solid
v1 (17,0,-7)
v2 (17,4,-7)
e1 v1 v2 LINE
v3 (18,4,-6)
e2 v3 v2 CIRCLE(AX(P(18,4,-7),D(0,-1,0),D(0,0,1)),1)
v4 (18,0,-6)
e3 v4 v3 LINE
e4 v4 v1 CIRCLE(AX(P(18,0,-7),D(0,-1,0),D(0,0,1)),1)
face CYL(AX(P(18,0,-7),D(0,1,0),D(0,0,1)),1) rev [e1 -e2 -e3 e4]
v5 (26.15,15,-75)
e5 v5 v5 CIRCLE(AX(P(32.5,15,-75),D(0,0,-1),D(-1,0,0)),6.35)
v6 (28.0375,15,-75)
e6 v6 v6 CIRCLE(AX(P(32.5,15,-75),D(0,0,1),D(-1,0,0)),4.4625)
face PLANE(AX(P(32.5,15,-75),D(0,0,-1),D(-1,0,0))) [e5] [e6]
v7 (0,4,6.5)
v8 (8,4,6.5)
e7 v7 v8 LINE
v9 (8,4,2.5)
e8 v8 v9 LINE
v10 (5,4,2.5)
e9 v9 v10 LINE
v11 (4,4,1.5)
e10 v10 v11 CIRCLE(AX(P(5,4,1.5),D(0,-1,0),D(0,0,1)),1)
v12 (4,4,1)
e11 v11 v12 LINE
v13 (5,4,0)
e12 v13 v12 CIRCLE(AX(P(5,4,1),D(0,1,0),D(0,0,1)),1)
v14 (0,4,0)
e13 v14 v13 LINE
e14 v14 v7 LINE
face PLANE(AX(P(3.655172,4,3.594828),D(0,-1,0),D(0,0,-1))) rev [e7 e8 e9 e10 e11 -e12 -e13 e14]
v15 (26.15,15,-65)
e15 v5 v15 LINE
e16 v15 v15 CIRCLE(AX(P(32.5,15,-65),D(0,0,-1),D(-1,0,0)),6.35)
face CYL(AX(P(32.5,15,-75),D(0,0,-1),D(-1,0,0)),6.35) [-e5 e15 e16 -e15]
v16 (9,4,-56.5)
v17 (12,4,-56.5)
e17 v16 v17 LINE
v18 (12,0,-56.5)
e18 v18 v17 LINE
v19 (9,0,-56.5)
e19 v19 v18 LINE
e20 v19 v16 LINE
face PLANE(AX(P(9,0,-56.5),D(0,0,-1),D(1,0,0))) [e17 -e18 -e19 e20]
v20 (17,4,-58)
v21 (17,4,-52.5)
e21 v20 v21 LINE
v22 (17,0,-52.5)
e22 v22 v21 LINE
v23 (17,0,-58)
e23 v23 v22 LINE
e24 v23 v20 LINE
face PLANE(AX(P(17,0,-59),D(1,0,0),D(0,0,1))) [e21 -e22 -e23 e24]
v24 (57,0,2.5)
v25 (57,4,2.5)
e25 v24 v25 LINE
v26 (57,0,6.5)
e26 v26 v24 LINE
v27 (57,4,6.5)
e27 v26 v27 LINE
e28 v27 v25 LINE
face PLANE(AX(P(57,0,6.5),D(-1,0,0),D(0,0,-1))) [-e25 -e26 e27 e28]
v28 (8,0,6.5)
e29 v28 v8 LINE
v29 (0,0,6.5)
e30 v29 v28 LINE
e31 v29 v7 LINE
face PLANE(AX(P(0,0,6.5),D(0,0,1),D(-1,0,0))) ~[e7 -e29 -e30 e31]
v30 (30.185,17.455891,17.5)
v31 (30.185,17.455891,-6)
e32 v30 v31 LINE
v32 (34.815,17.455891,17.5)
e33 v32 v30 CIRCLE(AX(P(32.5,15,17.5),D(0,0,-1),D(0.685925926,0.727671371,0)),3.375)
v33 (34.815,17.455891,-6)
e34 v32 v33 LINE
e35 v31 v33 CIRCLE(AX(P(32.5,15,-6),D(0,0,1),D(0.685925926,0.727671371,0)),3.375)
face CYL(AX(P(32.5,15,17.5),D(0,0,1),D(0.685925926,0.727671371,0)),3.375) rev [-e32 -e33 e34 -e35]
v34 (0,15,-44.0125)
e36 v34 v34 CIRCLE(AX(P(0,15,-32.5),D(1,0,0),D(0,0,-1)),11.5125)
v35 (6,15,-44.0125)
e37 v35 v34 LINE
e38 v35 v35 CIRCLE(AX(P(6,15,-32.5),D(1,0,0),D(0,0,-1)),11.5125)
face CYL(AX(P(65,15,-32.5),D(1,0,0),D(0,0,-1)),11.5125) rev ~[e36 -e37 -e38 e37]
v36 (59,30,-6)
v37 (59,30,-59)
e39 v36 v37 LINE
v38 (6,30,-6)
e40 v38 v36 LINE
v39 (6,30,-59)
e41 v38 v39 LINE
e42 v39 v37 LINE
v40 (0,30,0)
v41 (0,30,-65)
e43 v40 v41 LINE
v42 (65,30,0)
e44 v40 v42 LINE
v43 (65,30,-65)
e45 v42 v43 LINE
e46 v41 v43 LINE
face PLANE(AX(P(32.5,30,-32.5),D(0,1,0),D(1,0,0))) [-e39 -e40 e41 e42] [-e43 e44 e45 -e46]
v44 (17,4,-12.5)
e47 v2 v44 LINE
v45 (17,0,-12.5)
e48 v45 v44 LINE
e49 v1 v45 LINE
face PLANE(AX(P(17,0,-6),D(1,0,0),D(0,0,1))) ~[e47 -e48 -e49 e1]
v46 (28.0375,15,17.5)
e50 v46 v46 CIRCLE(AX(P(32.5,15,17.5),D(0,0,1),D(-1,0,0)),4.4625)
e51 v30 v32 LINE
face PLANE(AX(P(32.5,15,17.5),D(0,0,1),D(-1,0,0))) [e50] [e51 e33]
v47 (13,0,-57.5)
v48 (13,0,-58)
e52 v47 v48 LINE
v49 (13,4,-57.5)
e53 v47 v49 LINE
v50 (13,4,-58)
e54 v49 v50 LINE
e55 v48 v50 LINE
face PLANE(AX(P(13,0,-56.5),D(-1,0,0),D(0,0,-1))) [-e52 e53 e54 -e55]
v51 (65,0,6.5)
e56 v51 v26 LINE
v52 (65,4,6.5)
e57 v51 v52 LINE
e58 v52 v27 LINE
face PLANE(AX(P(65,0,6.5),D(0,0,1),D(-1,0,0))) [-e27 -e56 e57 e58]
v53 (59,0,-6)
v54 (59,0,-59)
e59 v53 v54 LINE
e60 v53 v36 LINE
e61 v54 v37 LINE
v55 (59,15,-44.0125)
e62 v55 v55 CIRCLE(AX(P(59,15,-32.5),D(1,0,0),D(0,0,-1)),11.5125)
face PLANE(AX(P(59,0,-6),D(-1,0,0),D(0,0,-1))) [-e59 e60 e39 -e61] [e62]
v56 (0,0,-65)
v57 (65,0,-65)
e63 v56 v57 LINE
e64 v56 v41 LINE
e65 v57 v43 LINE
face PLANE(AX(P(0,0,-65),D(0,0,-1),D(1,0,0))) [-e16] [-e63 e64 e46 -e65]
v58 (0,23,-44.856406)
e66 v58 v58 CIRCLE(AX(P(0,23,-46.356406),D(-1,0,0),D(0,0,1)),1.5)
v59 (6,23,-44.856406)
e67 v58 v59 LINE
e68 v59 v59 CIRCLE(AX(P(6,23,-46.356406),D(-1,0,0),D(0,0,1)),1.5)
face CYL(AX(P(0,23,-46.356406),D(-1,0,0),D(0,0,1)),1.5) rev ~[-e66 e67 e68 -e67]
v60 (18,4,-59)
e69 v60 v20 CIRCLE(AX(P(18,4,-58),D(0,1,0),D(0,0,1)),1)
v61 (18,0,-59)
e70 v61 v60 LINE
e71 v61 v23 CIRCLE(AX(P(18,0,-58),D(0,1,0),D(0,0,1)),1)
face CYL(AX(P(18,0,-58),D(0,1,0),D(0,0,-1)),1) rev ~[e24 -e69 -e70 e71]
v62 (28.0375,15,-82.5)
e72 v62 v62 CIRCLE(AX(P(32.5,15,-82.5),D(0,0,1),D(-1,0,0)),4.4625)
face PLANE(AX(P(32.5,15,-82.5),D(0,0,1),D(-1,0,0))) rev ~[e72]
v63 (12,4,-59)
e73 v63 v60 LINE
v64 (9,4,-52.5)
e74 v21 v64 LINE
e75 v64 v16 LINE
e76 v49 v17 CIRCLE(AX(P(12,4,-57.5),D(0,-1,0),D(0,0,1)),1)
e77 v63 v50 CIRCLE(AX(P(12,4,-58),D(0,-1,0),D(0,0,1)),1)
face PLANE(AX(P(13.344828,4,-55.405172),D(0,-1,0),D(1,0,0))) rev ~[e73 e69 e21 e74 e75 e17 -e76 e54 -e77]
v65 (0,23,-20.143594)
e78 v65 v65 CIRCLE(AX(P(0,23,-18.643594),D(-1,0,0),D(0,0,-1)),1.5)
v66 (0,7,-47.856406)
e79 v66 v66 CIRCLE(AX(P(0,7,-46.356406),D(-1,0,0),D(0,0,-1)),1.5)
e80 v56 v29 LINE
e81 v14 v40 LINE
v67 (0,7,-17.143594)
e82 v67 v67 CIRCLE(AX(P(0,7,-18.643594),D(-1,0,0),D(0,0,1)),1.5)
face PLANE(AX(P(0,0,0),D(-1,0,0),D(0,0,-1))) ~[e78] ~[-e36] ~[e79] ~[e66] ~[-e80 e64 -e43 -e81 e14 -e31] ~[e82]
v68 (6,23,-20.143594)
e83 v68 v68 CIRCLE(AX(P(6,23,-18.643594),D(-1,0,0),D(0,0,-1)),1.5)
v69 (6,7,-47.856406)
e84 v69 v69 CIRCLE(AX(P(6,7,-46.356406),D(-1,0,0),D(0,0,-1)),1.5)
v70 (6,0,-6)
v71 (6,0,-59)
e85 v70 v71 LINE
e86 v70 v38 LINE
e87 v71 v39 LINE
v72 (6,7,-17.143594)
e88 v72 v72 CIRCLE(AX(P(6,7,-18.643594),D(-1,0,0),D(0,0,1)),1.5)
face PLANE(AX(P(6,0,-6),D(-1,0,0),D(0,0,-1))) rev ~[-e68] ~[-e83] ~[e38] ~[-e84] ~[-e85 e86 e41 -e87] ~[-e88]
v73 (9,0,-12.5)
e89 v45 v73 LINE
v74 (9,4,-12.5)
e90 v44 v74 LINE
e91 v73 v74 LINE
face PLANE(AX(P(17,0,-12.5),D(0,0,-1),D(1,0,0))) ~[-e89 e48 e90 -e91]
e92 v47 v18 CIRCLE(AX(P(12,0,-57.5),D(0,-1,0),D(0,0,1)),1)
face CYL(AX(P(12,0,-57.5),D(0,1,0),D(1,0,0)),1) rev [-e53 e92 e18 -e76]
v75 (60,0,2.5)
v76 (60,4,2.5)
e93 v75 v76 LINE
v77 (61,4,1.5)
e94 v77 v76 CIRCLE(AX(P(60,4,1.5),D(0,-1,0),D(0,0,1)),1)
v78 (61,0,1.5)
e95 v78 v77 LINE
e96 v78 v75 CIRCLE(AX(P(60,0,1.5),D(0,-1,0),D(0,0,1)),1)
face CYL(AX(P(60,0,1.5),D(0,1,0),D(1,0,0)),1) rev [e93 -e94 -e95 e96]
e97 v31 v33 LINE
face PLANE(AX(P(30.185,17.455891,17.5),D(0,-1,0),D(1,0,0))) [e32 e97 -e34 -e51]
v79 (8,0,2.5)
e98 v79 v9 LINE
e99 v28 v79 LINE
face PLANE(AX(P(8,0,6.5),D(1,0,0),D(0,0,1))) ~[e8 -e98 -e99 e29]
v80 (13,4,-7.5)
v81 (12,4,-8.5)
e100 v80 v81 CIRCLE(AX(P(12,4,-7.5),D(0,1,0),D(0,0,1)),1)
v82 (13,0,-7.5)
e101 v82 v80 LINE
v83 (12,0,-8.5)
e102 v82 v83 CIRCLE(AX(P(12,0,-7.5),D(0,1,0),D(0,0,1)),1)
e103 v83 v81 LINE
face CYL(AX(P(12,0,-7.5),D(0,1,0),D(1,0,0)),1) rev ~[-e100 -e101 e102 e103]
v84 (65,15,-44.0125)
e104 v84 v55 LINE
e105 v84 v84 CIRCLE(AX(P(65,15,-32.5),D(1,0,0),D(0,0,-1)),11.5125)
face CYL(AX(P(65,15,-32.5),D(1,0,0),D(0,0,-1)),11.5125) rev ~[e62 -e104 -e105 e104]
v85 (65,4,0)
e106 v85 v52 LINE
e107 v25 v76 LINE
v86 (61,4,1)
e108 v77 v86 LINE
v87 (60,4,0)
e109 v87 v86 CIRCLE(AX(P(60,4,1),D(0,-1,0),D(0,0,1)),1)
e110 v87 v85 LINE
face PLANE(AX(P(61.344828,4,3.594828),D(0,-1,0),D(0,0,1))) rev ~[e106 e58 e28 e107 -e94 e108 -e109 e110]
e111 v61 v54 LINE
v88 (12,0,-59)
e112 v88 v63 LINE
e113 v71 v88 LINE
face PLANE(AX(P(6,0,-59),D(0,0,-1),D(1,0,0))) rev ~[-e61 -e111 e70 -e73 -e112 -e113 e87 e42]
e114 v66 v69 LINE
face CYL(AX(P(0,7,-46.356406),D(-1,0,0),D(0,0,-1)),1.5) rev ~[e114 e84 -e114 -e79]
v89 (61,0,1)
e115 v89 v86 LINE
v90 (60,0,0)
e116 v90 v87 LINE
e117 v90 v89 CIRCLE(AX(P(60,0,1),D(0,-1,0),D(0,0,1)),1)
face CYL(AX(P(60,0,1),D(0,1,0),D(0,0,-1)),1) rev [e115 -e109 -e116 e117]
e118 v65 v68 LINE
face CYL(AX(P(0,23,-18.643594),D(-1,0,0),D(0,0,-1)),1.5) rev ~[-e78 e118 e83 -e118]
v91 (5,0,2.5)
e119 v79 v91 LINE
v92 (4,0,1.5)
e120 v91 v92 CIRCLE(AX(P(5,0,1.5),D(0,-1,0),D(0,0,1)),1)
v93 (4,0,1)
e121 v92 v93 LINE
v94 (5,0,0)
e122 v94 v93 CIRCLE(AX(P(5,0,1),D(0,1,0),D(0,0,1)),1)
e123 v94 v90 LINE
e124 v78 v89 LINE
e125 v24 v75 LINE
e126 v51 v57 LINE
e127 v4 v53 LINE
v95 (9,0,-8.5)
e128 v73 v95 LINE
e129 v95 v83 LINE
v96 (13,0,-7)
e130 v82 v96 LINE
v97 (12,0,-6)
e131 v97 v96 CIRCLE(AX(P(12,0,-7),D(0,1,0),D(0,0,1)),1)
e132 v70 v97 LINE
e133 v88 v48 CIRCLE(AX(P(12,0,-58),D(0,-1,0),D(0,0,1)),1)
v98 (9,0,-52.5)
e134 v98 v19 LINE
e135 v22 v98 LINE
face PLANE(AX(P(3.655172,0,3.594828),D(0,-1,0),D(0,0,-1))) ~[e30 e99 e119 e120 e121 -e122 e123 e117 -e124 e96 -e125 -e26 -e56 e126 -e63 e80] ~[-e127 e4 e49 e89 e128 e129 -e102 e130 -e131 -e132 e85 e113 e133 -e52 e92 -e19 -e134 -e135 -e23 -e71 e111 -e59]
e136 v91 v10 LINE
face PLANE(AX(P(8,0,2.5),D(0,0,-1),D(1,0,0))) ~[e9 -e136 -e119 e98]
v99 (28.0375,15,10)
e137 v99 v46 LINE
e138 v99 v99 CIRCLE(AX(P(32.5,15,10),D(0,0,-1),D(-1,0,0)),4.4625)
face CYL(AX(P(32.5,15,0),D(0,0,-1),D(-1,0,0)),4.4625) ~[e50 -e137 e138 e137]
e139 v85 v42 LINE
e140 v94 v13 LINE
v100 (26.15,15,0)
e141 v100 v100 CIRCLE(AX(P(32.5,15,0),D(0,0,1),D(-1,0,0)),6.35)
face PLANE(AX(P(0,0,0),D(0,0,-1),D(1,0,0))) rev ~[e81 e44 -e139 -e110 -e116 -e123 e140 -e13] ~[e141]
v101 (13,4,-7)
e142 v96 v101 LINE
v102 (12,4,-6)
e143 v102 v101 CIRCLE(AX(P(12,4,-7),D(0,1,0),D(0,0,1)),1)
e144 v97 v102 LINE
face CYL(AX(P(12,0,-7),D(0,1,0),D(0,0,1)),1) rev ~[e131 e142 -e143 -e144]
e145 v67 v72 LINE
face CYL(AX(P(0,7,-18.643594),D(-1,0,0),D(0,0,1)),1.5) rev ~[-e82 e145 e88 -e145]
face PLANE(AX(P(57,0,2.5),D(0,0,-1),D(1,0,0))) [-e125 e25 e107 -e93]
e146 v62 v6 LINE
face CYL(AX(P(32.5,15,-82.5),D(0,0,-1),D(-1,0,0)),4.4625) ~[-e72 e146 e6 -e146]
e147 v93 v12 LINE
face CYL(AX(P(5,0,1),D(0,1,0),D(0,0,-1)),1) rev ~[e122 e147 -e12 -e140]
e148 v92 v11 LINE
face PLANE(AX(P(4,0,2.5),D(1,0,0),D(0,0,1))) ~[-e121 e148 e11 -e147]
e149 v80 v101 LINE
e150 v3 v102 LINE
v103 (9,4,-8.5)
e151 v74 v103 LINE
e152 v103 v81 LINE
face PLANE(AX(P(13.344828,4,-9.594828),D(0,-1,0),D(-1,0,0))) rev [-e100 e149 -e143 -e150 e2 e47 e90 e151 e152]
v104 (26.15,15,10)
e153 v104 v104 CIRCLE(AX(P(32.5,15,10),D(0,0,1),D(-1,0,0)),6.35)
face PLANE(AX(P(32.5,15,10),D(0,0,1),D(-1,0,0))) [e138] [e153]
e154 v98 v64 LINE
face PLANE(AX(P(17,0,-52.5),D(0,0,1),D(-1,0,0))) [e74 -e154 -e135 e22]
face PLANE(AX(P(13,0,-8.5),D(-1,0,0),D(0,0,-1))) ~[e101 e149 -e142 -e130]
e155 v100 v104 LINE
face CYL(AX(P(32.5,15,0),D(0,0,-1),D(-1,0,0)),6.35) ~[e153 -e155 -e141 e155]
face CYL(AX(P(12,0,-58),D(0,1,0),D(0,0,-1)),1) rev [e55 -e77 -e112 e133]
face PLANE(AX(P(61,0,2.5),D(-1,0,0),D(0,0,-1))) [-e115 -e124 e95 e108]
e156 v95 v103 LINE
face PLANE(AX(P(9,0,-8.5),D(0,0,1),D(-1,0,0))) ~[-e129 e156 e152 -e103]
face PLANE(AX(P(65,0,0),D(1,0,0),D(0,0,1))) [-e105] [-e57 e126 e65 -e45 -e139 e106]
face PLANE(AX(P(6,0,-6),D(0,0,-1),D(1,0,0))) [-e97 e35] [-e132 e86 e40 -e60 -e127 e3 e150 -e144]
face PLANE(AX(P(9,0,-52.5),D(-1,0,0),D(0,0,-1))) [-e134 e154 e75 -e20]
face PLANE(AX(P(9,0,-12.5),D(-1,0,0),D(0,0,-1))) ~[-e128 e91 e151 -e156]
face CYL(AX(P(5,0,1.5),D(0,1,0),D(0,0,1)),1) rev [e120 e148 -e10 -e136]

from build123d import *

# Parameters (mm, degrees)
SKETCH1_W           = 65
SKETCH1_H           = 65
SKETCH1_W_2         = 53
SKETCH1_H_2         = 53
BOSS_EXTRUDE1_DEPTH = 30
SKETCH3_R           = 11.5125
CUT_EXTRUDE2_DEPTH  = 97.695398029
SKETCH2_R           = 4.4625
BOSS_EXTRUDE2_DEPTH = 17.5
BOSS_EXTRUDE3_START = -82.5
SKETCH2_2_R         = 4.4625
BOSS_EXTRUDE3_DEPTH = 17.5
CUT_EXTRUDE3_REACH  = 124.984
SKETCH5_R           = 6.35
SKETCH5_R_2         = 4.4625
BOSS_EXTRUDE4_DEPTH = 10
BOSS_EXTRUDE5_START = 10
SKETCH6_R           = 6.35
SKETCH6_R_2         = 4.4625
BOSS_EXTRUDE5_DEPTH = 10
SKETCH7_R           = 1.5
CUT_EXTRUDE4_DEPTH  = 10
BOSS_EXTRUDE6_START = 30
BOSS_EXTRUDE6_DEPTH = 4
BOSS_EXTRUDE8_DEPTH = 4
FILLET3_R           = 1


with BuildPart() as part:
    # Sketch1 → Boss-Extrude1 (new body)
    with BuildSketch(Plane(origin=(0, 0, 0), x_dir=(1, 0, 0), z_dir=(0, 1, 0))):
        with Locations((32.5, 32.5)):
            Rectangle(SKETCH1_W, SKETCH1_H)
        with Locations((32.5, 32.5)):
            Rectangle(SKETCH1_W_2, SKETCH1_H_2, mode=Mode.SUBTRACT)
    extrude(amount=BOSS_EXTRUDE1_DEPTH)

    # Sketch3 → Cut-Extrude2 (cut, through all)
    with BuildSketch(Plane(origin=(65, 0, 0), x_dir=(0, 0, -1), z_dir=(1, 0, 0))):
        with Locations((32.5, 15)):
            Circle(SKETCH3_R)
    extrude(amount=-CUT_EXTRUDE2_DEPTH, mode=Mode.SUBTRACT)

    # Sketch2 → Boss-Extrude2 (add)
    with BuildSketch(Plane.XY):
        with Locations(Location((32.5, 15, 0), (0, 0, 180))):
            Circle(SKETCH2_R)
    extrude(amount=BOSS_EXTRUDE2_DEPTH)

    # Sketch2<2> → Boss-Extrude3 (add)
    with BuildSketch(Plane.XY.offset(BOSS_EXTRUDE3_START)):
        with Locations(Location((32.5, 15, 0), (0, 0, 180))):
            Circle(SKETCH2_2_R)
    extrude(amount=BOSS_EXTRUDE3_DEPTH)

    # Sketch4 → Cut-Extrude3 (cut, up to next)
    with BuildSketch(Plane.XY.offset(17.5), mode=Mode.PRIVATE) as cut_extrude3_sk1:
        with BuildLine():
            Line((30.185, 17.455890877), (34.815, 17.455890877))
            ThreePointArc((34.815, 17.455890877), (32.5, 11.625), (30.185, 17.455890877))
        make_face()
    cut_extrude3_tool1 = extrude(cut_extrude3_sk1.sketch, amount=-CUT_EXTRUDE3_REACH, mode=Mode.PRIVATE) & part.part
    add(cut_extrude3_tool1.solids().sort_by_distance((32.5, 14.748295, 17.5))[0], mode=Mode.SUBTRACT)

    # Sketch5 → Boss-Extrude4 (add)
    with BuildSketch(Plane.XY):
        with Locations(Location((32.5, 15, 0), (0, 0, 180))):
            Circle(SKETCH5_R)
        with Locations((32.5, 15)):
            Circle(SKETCH5_R_2, mode=Mode.SUBTRACT)
    extrude(amount=BOSS_EXTRUDE4_DEPTH)

    # Sketch6 → Boss-Extrude5 (add)
    with BuildSketch(Plane(origin=(0, 0, -65), x_dir=(-1, 0, 0), z_dir=(0, 0, -1)).offset(BOSS_EXTRUDE5_START)):
        with Locations((-32.5, 15)):
            Circle(SKETCH6_R)
        with Locations(Location((-32.5, 15, 0), (0, 0, 180))):
            Circle(SKETCH6_R_2, mode=Mode.SUBTRACT)
    extrude(amount=-BOSS_EXTRUDE5_DEPTH)

    # Sketch7 → Cut-Extrude4 (cut)
    with BuildSketch(Plane.ZY):
        with Locations((-46.356406461, 23)):
            Circle(SKETCH7_R)
        with Locations(Location((-46.356406461, 7, 0), (0, 0, 180))):
            Circle(SKETCH7_R)
        with Locations(Location((-18.643593539, 23, 0), (0, 0, 180))):
            Circle(SKETCH7_R)
        with Locations((-18.643593539, 7)):
            Circle(SKETCH7_R)
    extrude(amount=-CUT_EXTRUDE4_DEPTH, mode=Mode.SUBTRACT)

    # Sketch8 → Boss-Extrude6 (add)
    with BuildSketch(Plane(origin=(30, 30, 0), x_dir=(0, 0, 1), z_dir=(0, -1, 0)).offset(BOSS_EXTRUDE6_START)):
        Polygon((0, -35), (6.5, -35), (6.5, -31), (6.5, -27), (2.5, -27), (2.5, -31), (0, -31), align=None)
    boss_extrude6 = extrude(amount=-BOSS_EXTRUDE6_DEPTH)

    # Sketch9 → Boss-Extrude8 (add)
    with BuildSketch(Plane.XZ):
        Polygon((17, -59), (17, -52.5), (13, -52.5), (9, -52.5), (9, -56.5), (13, -56.5), (13, -59), align=None)
    boss_extrude8 = extrude(amount=-BOSS_EXTRUDE8_DEPTH)

    # Mirror1: Boss-Extrude6 across plane
    add(boss_extrude6.mirror(Plane.ZY.offset(-32.5)))

    # Mirror2: Boss-Extrude8 across plane
    add(boss_extrude8.mirror(Plane.XY.offset(-32.5)))

    # Fillet3
    fillet3_edges = [part.edges().sort_by_distance(p)[0] for p in [
        (61, 2, 2.5),
        (61, 2, 0),
        (17, 2, -59),
        (13, 2, -59),
        (13, 2, -56.5),
        (4, 2, 2.5),
        (4, 2, 0),
        (13, 2, -6),
        (17, 2, -6),
        (13, 2, -8.5),
    ]]
    fillet(fillet3_edges, radius=FILLET3_R)


solid = part.part
